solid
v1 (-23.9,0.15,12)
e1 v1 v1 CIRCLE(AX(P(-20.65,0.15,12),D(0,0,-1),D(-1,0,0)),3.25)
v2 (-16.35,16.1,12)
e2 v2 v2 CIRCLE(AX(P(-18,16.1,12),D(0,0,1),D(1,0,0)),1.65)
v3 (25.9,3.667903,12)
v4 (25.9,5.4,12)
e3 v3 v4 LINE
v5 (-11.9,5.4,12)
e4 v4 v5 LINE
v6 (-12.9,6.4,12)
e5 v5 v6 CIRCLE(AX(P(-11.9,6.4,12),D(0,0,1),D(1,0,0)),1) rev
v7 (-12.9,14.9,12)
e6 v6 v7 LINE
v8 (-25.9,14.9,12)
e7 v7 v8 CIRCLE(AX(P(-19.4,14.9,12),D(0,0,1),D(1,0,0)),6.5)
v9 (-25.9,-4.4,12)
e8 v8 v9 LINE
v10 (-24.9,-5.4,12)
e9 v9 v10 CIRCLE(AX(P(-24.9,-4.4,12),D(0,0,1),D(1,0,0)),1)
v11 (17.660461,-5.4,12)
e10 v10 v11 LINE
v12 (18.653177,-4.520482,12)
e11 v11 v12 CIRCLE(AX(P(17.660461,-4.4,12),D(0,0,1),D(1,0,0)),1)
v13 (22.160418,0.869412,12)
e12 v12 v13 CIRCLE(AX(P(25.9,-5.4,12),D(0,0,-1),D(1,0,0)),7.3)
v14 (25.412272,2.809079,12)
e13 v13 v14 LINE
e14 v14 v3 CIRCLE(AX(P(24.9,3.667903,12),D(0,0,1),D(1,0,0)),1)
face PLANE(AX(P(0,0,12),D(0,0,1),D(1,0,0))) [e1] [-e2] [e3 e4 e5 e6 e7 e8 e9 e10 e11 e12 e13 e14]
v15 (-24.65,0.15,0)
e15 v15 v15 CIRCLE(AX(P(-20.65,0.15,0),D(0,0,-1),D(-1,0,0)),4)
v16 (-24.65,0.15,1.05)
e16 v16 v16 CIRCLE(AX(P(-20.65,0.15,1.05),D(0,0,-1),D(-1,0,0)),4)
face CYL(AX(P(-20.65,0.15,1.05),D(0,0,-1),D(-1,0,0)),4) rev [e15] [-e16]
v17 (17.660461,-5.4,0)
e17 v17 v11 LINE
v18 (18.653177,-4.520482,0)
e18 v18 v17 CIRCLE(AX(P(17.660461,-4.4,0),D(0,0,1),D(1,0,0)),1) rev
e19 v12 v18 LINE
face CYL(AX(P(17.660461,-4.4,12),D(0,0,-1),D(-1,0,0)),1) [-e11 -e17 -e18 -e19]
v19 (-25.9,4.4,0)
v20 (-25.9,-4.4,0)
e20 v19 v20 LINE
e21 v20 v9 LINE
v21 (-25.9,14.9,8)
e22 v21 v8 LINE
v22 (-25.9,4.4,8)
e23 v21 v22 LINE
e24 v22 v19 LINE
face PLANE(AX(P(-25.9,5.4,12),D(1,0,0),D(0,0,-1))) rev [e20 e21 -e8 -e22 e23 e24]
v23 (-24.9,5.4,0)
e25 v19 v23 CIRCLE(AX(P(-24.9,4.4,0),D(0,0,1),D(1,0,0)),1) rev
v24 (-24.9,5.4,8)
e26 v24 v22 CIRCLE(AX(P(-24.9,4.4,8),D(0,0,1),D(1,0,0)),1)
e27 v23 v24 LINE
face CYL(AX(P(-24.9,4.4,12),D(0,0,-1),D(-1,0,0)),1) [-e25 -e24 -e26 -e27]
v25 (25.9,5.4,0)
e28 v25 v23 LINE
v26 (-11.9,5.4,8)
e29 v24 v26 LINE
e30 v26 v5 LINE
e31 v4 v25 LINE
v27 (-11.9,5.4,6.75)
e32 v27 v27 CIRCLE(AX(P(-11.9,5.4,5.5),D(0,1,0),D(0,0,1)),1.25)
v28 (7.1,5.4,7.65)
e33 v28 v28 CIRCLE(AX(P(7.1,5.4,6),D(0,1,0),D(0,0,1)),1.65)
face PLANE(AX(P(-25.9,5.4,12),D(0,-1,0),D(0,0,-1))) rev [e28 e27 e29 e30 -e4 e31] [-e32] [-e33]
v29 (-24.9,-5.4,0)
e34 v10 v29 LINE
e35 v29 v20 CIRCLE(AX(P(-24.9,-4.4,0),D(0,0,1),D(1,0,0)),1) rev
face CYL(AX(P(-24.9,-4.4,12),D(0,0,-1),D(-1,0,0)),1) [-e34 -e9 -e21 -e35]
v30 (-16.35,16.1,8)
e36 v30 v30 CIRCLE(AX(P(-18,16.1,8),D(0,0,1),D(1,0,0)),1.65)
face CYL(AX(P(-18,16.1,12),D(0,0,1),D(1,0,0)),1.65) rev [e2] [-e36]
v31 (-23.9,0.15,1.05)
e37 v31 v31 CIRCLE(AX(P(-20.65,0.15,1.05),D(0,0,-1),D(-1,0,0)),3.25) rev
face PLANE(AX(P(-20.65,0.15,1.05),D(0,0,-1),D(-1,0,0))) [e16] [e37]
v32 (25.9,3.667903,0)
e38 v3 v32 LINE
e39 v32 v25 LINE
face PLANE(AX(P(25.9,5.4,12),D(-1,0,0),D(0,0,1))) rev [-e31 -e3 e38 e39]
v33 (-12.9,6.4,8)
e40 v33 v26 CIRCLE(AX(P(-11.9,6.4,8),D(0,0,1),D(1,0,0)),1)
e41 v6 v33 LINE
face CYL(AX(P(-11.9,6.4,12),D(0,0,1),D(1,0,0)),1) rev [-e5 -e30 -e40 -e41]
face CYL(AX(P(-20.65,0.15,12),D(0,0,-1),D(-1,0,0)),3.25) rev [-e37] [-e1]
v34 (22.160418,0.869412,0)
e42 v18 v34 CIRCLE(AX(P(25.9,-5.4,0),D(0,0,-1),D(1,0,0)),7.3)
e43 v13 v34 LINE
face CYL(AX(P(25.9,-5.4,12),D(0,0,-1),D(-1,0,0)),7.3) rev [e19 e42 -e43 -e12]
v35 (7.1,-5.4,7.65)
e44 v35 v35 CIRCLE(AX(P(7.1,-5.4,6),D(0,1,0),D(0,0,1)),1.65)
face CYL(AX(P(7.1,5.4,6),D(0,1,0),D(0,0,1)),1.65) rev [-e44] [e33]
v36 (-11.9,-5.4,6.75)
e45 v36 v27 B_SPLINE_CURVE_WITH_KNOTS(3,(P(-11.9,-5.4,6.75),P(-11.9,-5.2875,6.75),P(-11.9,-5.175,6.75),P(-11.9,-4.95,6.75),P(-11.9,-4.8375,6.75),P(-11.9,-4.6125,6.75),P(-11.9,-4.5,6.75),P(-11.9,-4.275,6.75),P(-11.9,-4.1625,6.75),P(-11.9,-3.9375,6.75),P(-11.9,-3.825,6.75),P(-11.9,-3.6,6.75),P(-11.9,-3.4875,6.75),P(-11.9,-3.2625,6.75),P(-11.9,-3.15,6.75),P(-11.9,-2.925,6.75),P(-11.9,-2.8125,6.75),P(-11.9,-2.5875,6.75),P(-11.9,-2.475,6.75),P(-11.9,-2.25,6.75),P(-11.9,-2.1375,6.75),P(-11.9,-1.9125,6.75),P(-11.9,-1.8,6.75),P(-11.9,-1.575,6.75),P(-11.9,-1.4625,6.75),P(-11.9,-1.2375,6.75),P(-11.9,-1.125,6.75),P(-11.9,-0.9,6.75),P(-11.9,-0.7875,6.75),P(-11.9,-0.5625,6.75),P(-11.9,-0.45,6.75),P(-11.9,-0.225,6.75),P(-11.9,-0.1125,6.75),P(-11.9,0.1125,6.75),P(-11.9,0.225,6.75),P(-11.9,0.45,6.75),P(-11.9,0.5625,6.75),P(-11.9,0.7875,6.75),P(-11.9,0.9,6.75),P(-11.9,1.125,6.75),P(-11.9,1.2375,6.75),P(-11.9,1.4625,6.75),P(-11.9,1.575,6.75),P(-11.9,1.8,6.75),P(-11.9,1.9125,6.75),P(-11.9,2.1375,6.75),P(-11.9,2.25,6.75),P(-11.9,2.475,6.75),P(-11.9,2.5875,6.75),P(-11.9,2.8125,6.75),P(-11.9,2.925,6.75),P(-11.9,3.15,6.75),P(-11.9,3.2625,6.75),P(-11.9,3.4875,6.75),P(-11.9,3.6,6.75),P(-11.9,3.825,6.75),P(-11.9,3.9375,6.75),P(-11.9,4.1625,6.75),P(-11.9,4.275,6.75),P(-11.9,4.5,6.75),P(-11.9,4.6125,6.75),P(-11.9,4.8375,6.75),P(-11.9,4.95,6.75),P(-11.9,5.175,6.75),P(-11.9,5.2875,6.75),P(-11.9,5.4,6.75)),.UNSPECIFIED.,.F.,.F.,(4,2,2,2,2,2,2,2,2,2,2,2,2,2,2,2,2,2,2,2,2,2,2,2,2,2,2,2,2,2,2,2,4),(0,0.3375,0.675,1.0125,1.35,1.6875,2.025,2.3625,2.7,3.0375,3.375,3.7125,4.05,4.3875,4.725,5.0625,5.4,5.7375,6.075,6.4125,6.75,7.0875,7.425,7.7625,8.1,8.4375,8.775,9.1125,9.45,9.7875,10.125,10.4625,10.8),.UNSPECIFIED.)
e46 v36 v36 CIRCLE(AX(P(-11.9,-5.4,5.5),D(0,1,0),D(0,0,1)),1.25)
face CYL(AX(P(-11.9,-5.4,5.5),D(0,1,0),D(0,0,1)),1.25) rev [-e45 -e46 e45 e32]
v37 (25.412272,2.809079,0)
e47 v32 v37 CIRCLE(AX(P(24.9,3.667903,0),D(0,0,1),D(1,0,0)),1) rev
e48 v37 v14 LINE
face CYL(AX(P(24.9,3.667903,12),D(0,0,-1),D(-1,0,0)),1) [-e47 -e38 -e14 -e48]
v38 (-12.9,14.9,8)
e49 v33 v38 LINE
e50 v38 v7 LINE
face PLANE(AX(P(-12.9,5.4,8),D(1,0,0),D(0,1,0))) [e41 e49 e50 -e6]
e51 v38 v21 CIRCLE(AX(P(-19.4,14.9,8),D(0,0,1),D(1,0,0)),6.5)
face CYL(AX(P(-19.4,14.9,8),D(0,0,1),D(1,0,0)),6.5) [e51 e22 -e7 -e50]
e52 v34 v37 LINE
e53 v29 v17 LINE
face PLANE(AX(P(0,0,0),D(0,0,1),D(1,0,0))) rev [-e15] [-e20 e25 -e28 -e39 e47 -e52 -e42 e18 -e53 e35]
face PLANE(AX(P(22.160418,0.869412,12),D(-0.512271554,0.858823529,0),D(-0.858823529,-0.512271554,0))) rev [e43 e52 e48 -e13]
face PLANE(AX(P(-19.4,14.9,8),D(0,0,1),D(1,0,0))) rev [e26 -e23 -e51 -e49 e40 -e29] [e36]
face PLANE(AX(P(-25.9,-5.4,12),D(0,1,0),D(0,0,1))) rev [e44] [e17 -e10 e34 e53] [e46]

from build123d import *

# Parameters (mm, degrees)
SKETCH1_W           = 51.8
SKETCH1_H           = 10.8
BOSS_EXTRUDE1_DEPTH = 12
BOSS_EXTRUDE2_DEPTH = 4
CUT_EXTRUDE1_DEPTH  = 36.675902231
FILLET1_R           = 1
SKETCH4_R           = 3.25
CUT_EXTRUDE2_DEPTH  = 36.675902231
SKETCH5_R           = 4
CUT_EXTRUDE3_DEPTH  = 1.05
M4_TAPPED_HOLE1_D   = 3.3
SKETCH8_R           = 1.25
CUT_EXTRUDE4_DEPTH  = 33.723233337
M4_TAPPED_HOLE2_D   = 3.3


with BuildPart() as part:
    # Sketch1 → Boss-Extrude1 (new body)
    with BuildSketch(Plane.XY):
        Rectangle(SKETCH1_W, SKETCH1_H)
    extrude(amount=BOSS_EXTRUDE1_DEPTH)

    # Sketch2 → Boss-Extrude2 (add)
    with BuildSketch(Plane.XY.offset(12)):
        with BuildLine():
            Line((-25.9, 14.9), (-25.9, 5.4))
            Line((-25.9, 5.4), (-12.9, 5.4))
            Line((-12.9, 5.4), (-12.9, 14.9))
            ThreePointArc((-12.9, 14.9), (-19.4, 21.4), (-25.9, 14.9))
        make_face()
    extrude(amount=-BOSS_EXTRUDE2_DEPTH)

    # Sketch3 → Cut-Extrude1 (cut, through all)
    with BuildSketch(Plane(origin=(0, 0, 0), x_dir=(-1, 0, 0), z_dir=(0, 0, -1))):
        with BuildLine():
            Line((-22.160417654, 0.869411765), (-25.9, 3.1))
            Line((-25.9, 3.1), (-25.9, -5.4))
            Line((-25.9, -5.4), (-18.6, -5.4))
            ThreePointArc((-18.6, -5.4), (-19.552207032, -1.795069427), (-22.160417654, 0.869411765))
        make_face()
    extrude(amount=-CUT_EXTRUDE1_DEPTH, mode=Mode.SUBTRACT)

    # Fillet1
    fillet1_edges = [part.edges().sort_by_distance(p)[0] for p in [
        (-25.9, 5.4, 4),
        (-12.9, 5.4, 10),
        (18.6, -5.4, 6),
        (25.9, 3.1, 6),
        (-25.9, -5.4, 6),
    ]]
    fillet(fillet1_edges, radius=FILLET1_R)

    # Sketch4 → Cut-Extrude2 (cut, through all)
    with BuildSketch(Plane(origin=(0, 0, 0), x_dir=(-1, 0, 0), z_dir=(0, 0, -1))):
        with Locations((20.65, 0.15)):
            Circle(SKETCH4_R)
    extrude(amount=-CUT_EXTRUDE2_DEPTH, mode=Mode.SUBTRACT)

    # Sketch5 → Cut-Extrude3 (cut)
    with BuildSketch(Plane(origin=(0, 0, 0), x_dir=(-1, 0, 0), z_dir=(0, 0, -1))):
        with Locations((20.65, 0.15)):
            Circle(SKETCH5_R)
    extrude(amount=-CUT_EXTRUDE3_DEPTH, mode=Mode.SUBTRACT)

    # M4 Tapped Hole1 (through all)
    with Locations(Plane(origin=(0, 5.4, 0), x_dir=(1, 0, 0), z_dir=(0, 1, 0))):
        with Locations((7.1, -6)):
            Hole(M4_TAPPED_HOLE1_D / 2)

    # Sketch8 → Cut-Extrude4 (cut, through all)
    with BuildSketch(Plane(origin=(0, 5.4, 0), x_dir=(1, 0, 0), z_dir=(0, 1, 0))):
        with Locations(Location((-11.9, -5.5, 0), (0, 0, 270))):
            Circle(SKETCH8_R)
    extrude(amount=-CUT_EXTRUDE4_DEPTH, mode=Mode.SUBTRACT)

    # M4 Tapped Hole2 (through all)
    with Locations(Plane.XY.offset(12)):
        with Locations((-18, 16.1)):
            Hole(M4_TAPPED_HOLE2_D / 2)


solid = part.part
